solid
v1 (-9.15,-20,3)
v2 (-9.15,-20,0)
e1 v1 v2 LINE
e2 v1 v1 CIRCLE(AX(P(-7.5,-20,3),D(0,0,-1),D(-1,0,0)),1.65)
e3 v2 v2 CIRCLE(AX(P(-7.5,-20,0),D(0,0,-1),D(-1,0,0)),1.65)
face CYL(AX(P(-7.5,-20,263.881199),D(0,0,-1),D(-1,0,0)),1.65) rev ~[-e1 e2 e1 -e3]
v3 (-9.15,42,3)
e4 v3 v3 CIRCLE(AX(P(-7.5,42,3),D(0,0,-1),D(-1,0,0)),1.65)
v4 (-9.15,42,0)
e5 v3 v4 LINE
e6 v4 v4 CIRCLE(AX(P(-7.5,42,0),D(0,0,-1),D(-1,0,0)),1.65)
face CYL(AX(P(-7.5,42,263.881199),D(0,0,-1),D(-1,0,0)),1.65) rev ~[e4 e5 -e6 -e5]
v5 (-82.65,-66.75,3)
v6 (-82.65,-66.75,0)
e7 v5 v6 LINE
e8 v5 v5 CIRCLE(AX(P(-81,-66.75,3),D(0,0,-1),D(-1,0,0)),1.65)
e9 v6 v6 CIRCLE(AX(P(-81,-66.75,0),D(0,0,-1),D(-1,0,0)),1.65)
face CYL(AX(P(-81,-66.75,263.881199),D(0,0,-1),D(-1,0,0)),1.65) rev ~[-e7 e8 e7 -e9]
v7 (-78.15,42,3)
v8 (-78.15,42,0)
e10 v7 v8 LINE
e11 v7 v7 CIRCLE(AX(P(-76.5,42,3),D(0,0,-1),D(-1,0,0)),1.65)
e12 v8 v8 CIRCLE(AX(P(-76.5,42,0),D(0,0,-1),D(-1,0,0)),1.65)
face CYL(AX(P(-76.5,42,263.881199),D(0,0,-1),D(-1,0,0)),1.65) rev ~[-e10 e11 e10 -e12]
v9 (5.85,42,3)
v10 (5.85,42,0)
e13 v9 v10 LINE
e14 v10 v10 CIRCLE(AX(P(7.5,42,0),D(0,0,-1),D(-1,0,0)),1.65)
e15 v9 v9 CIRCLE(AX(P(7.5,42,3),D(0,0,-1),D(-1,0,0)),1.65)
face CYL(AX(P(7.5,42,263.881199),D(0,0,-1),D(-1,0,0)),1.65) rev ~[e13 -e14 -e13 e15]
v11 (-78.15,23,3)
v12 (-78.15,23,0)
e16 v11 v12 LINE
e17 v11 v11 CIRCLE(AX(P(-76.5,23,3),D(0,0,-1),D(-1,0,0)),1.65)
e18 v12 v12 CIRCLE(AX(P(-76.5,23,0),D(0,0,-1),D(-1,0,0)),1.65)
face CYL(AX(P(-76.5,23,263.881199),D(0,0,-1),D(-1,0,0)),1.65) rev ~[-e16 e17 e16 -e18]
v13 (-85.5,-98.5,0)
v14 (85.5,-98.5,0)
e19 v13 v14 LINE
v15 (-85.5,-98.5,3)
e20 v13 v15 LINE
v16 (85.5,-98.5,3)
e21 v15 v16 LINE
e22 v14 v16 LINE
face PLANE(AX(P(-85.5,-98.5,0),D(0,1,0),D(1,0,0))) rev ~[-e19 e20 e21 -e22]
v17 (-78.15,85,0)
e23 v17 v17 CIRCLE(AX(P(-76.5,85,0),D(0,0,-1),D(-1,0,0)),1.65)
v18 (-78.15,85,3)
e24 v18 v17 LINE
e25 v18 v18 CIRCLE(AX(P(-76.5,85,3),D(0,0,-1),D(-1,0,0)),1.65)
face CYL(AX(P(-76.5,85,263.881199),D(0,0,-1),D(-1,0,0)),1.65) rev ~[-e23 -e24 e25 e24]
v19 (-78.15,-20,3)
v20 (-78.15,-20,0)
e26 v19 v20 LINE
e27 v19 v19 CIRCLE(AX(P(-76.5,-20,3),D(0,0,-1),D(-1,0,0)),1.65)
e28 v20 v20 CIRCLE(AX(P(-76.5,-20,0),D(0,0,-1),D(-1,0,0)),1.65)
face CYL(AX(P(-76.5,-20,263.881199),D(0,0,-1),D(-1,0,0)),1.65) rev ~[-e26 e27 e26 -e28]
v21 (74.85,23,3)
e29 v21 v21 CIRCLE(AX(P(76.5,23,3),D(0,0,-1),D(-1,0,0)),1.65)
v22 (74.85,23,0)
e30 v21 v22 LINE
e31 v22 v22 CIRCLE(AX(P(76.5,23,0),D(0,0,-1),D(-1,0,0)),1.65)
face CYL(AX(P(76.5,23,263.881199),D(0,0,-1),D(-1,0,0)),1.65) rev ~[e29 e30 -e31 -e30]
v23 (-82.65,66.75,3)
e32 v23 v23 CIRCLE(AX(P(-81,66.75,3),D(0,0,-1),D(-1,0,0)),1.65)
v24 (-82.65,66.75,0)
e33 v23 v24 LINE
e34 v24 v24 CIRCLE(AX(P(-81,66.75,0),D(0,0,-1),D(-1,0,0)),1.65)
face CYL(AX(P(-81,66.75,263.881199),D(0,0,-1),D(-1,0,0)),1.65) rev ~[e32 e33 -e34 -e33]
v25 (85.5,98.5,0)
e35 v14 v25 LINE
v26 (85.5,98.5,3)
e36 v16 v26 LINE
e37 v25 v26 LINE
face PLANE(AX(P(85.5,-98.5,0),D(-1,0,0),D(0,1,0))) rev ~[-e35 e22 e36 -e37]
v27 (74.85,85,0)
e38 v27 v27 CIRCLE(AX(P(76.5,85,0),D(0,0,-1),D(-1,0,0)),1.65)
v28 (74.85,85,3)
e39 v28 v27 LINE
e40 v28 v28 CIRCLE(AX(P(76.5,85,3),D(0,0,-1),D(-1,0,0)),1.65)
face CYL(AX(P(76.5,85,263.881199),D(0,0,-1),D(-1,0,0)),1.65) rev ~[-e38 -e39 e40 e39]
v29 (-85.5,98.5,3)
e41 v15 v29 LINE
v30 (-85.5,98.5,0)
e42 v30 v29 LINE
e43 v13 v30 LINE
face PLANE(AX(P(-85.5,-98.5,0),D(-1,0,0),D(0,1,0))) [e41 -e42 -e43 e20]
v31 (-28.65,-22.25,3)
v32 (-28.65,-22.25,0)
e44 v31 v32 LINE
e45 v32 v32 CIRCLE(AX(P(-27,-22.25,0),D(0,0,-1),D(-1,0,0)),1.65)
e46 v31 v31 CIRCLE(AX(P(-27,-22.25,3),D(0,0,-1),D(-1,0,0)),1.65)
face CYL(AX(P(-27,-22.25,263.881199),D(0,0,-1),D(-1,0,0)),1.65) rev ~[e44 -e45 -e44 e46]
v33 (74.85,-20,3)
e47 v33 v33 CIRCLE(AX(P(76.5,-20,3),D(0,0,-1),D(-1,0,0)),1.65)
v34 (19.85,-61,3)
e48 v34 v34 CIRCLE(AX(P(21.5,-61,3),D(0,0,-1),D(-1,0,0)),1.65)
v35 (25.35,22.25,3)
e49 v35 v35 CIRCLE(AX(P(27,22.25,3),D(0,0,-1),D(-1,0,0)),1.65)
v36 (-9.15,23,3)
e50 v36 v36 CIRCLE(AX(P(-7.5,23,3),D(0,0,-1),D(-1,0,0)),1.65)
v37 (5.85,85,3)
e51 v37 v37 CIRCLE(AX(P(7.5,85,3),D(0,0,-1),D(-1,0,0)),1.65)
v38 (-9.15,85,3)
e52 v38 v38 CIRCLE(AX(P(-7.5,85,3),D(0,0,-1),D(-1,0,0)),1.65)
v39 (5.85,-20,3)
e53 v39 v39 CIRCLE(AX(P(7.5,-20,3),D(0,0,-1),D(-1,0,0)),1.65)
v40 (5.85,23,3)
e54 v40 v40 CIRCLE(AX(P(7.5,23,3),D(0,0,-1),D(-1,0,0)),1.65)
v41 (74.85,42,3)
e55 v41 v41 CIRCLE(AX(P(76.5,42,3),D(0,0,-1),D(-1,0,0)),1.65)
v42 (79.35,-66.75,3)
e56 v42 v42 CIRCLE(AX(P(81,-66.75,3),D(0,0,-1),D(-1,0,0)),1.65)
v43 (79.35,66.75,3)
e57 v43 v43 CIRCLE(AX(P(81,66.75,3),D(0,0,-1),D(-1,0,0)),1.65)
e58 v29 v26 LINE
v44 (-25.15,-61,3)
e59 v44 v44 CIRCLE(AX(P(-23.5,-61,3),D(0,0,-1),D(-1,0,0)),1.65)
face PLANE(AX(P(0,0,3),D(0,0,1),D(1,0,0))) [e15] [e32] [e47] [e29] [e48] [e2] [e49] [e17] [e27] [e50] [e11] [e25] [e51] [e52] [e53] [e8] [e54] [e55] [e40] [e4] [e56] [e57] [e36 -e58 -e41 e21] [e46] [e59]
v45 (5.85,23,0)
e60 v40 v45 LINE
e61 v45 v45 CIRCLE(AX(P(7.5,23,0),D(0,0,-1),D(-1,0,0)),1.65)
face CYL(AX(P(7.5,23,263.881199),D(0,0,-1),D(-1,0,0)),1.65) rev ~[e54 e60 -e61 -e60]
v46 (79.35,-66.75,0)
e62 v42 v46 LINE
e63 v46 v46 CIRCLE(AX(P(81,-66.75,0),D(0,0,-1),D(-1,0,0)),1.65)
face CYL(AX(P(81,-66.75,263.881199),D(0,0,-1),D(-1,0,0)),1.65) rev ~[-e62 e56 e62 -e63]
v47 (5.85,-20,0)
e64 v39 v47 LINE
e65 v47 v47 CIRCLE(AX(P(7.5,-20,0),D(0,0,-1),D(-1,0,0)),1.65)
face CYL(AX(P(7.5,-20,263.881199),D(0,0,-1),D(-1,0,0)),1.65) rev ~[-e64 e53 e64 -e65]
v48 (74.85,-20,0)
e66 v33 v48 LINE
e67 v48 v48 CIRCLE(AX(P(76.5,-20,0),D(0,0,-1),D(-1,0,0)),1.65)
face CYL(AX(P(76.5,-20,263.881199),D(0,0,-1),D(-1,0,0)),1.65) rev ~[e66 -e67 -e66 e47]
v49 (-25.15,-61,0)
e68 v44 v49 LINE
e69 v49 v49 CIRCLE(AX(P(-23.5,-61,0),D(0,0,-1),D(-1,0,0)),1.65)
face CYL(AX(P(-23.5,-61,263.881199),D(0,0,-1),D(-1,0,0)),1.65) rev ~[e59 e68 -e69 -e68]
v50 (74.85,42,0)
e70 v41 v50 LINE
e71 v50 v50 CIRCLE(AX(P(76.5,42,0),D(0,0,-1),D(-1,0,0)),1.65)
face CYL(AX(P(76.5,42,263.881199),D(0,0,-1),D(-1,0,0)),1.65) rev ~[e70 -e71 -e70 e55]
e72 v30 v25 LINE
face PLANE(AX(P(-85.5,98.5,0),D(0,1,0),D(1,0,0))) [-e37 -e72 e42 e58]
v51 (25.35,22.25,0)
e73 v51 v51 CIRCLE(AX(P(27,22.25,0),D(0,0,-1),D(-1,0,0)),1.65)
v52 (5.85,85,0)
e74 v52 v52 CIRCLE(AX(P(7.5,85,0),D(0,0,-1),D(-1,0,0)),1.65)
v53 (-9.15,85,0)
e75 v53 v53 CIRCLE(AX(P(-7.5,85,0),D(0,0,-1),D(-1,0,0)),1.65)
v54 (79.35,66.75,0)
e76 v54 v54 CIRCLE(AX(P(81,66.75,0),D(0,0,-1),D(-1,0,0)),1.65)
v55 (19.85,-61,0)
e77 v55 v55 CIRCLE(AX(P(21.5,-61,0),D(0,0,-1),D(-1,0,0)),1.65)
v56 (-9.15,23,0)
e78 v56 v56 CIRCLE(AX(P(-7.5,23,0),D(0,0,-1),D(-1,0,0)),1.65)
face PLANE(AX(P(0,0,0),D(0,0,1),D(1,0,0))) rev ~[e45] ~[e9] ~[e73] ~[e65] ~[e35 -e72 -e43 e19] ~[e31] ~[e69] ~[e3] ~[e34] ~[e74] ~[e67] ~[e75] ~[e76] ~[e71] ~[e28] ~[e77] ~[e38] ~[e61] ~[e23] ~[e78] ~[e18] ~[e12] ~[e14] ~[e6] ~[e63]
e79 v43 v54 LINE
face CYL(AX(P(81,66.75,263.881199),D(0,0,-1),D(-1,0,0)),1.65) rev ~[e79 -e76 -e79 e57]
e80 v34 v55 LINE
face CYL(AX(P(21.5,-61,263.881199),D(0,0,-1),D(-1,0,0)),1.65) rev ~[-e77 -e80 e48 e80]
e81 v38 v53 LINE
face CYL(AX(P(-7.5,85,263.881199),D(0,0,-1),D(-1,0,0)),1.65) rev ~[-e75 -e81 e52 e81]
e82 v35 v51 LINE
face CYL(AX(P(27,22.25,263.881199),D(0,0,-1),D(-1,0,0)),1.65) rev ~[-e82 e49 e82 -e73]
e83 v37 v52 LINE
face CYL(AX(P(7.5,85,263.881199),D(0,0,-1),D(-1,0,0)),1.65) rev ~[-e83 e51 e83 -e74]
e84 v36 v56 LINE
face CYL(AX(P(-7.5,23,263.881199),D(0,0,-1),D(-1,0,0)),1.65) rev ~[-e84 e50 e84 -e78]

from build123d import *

# Parameters (mm, degrees)
F0_W     = 171
F0_H     = 197
F1_DEPTH = 3
F3_D     = 3.3
F5_D     = 3.3


with BuildPart() as f1:
    # F0 (on Top) → F1 (new body)
    with BuildSketch(Plane.XY):
        Rectangle(F0_W, F0_H)
    extrude(amount=F1_DEPTH)

    # F3 (through all)
    with Locations(Plane.XY.offset(3)):
        with Locations((-76.5, 85), (-7.5, 85), (-7.5, 42), (-76.5, 42), (-76.5, -20), (-76.5, 23), (-7.5, 23), (-7.5, -20), (7.5, -20), (7.5, 23), (76.5, 23), (76.5, -20), (7.5, 42), (76.5, 42), (76.5, 85), (7.5, 85), (21.5, -61), (-23.5, -61)):
            Hole(F3_D / 2)

    # F5 (through all)
    with Locations(Plane.XY.offset(3)):
        with Locations((-81, 66.75), (81, 66.75), (27, 22.25), (-27, -22.25), (-81, -66.75), (81, -66.75)):
            Hole(F5_D / 2)


solid = f1.part
